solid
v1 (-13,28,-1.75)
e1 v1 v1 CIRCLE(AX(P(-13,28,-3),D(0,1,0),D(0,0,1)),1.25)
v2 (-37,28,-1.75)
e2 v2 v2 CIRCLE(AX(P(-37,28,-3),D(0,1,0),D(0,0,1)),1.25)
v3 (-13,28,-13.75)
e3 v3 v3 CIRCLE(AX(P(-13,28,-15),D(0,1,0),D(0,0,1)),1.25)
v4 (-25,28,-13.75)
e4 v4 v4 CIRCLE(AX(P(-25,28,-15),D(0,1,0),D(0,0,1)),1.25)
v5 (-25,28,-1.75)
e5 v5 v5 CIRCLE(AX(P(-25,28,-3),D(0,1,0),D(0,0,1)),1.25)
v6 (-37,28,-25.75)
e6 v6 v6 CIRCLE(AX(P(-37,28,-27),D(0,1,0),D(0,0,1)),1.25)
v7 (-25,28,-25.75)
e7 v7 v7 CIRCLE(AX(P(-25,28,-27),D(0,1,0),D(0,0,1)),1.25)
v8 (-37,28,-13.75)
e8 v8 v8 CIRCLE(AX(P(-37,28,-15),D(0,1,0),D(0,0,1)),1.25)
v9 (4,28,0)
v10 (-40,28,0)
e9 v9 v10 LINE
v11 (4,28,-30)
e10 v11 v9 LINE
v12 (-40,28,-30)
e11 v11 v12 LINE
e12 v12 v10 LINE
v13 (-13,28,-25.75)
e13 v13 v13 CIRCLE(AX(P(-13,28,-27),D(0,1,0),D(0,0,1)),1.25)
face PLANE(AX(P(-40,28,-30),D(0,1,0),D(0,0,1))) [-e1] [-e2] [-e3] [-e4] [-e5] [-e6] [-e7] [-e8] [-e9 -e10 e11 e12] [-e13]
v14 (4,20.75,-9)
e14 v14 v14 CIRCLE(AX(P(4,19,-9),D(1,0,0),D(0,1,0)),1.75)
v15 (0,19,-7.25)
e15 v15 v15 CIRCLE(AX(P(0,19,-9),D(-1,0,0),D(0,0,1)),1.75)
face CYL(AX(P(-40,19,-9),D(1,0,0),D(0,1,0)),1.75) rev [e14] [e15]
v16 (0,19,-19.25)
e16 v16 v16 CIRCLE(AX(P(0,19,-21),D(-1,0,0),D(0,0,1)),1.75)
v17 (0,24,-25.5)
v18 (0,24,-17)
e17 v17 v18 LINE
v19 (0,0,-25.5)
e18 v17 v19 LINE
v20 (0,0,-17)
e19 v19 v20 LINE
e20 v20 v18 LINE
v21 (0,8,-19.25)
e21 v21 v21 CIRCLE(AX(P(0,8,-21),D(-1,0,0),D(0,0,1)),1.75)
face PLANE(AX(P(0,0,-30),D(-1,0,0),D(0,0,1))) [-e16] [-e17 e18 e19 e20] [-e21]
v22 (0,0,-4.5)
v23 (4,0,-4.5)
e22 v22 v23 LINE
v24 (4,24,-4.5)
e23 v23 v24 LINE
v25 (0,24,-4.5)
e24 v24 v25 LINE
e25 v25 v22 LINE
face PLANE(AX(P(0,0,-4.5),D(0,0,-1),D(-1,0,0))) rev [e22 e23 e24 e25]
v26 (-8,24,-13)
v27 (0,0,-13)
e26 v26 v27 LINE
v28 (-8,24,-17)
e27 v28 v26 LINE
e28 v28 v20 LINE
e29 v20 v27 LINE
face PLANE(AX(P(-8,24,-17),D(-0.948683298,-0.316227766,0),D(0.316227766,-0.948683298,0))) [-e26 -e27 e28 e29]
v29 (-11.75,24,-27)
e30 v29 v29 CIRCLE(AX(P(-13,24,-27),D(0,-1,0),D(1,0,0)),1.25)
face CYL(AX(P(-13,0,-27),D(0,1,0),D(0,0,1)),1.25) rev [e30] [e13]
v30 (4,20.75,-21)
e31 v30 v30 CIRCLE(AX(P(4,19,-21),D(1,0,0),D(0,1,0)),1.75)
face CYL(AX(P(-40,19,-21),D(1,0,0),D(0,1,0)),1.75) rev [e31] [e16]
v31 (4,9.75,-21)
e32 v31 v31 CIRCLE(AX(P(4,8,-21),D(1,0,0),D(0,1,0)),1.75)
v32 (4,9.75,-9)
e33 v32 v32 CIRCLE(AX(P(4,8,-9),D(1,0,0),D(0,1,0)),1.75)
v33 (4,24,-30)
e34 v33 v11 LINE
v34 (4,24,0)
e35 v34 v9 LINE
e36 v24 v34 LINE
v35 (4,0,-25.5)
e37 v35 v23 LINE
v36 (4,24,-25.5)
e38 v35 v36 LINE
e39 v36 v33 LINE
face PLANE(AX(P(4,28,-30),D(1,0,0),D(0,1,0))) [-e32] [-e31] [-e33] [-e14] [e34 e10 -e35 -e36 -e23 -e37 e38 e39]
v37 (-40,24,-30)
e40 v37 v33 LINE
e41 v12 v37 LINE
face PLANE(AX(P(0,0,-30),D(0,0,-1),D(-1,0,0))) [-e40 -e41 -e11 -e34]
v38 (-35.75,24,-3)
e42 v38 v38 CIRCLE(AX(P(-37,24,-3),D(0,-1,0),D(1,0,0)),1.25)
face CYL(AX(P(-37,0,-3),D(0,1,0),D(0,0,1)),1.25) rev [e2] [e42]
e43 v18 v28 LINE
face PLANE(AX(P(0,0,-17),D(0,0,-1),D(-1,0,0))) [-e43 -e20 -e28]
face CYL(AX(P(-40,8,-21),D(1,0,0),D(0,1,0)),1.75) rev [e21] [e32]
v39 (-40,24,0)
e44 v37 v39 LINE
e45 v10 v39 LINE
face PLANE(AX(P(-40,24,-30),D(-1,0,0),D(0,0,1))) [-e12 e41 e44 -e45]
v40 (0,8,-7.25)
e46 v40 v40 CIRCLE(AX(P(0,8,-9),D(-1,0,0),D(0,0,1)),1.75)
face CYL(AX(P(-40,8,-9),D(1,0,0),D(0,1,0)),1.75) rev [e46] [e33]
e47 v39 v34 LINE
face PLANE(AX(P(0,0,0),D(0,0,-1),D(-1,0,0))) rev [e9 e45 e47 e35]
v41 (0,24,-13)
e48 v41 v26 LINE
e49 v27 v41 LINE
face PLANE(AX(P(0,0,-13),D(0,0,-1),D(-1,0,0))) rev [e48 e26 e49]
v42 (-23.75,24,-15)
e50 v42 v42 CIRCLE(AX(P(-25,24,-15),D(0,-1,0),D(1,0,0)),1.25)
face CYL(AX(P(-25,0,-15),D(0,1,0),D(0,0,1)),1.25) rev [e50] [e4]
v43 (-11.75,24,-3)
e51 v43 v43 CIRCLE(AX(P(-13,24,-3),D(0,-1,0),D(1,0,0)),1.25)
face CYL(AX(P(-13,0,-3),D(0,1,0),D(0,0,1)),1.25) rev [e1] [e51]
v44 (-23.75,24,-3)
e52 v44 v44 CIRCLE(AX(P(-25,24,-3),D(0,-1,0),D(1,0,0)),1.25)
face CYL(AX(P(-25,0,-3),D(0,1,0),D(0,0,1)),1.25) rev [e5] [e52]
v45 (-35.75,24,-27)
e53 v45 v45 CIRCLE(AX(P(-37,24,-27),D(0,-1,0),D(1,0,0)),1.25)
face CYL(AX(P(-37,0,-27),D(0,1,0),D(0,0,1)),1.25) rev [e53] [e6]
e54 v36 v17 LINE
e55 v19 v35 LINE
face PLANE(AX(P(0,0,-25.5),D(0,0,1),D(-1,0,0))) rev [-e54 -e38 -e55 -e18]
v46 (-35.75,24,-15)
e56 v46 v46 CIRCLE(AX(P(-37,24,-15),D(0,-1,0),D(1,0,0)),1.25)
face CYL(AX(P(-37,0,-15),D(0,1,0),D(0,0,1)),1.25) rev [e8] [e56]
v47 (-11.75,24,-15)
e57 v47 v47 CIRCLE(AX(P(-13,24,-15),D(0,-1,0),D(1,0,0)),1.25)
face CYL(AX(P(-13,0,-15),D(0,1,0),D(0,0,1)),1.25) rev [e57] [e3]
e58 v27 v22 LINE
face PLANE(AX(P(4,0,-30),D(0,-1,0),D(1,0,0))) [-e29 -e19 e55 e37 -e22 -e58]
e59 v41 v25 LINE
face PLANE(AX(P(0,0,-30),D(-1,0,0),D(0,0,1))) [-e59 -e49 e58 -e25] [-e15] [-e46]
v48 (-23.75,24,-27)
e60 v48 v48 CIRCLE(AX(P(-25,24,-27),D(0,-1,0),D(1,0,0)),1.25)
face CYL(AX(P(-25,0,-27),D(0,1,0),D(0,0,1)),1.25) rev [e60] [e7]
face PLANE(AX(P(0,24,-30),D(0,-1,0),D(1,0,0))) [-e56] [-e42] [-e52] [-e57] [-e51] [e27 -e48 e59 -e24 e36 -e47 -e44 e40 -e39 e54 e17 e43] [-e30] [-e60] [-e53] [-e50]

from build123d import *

# Parameters (mm, degrees)
EXTRUDE_1_DEPTH      = 30
SKETCH_2_R           = 1.25
CUT_EXTRUDE_1_DEPTH  = 58.306195128
SKETCH_4_W           = 4
SKETCH_4_H           = 24
CUT_EXTRUDE_2_DEPTH  = 4.5
SKETCH_5_R           = 1.75
CUT_EXTRUDE_3_DEPTH  = 61.166435826
EXTRUDE_2_DEPTH      = 2
EXTRUDE_2_DEPTH_BACK = 2


with BuildPart() as part:
    # Эскиз1 → Бобышка-Вытянуть1 (new body)
    with BuildSketch(Plane.XY):
        Polygon((0, 0), (0, 24), (-40, 24), (-40, 28), (4, 28), (4, 0), align=None)
    extrude(amount=-EXTRUDE_1_DEPTH)

    # Эскиз2 → Вырез-Вытянуть1 (cut, through all)
    with BuildSketch(Plane(origin=(0, 28, 0), x_dir=(1, 0, 0), z_dir=(0, 1, 0))):
        with Locations(Location((-37, 3, 0), (0, 0, 270))):
            Circle(SKETCH_2_R)
        with Locations(Location((-13, 3, 0), (0, 0, 270))):
            Circle(SKETCH_2_R)
        with Locations(Location((-37, 27, 0), (0, 0, 270))):
            Circle(SKETCH_2_R)
        with Locations(Location((-37, 15, 0), (0, 0, 270))):
            Circle(SKETCH_2_R)
        with Locations(Location((-25, 27, 0), (0, 0, 270))):
            Circle(SKETCH_2_R)
        with Locations(Location((-13, 27, 0), (0, 0, 270))):
            Circle(SKETCH_2_R)
        with Locations(Location((-13, 15, 0), (0, 0, 270))):
            Circle(SKETCH_2_R)
        with Locations(Location((-25, 3, 0), (0, 0, 270))):
            Circle(SKETCH_2_R)
        with Locations(Location((-25, 15, 0), (0, 0, 270))):
            Circle(SKETCH_2_R)
    extrude(amount=-CUT_EXTRUDE_1_DEPTH, mode=Mode.SUBTRACT)

    # Эскиз4 → Вырез-Вытянуть2 (cut)
    with BuildSketch(Plane.XY):
        with Locations((2, 12)):
            Rectangle(SKETCH_4_W, SKETCH_4_H)
    cut_extrude_2 = extrude(amount=-CUT_EXTRUDE_2_DEPTH, mode=Mode.SUBTRACT)

    # Зеркальное отражение1: Вырез-Вытянуть2 across plane
    add(cut_extrude_2.mirror(Plane.XY.offset(-15)), mode=Mode.SUBTRACT)

    # Эскиз5 → Вырез-Вытянуть3 (cut, through all)
    with BuildSketch(Plane(origin=(4, 0, 0), x_dir=(0, 0, -1), z_dir=(1, 0, 0))):
        with Locations(Location((9, 19, 0), (0, 0, 90))):
            Circle(SKETCH_5_R)
        with Locations(Location((21, 19, 0), (0, 0, 90))):
            Circle(SKETCH_5_R)
        with Locations(Location((21, 8, 0), (0, 0, 90))):
            Circle(SKETCH_5_R)
        with Locations(Location((9, 8, 0), (0, 0, 90))):
            Circle(SKETCH_5_R)
    extrude(amount=-CUT_EXTRUDE_3_DEPTH, mode=Mode.SUBTRACT)

    # Эскиз8 → Бобышка-Вытянуть2 (add, two sides: drawn at the far end of the back side and taken through both)
    with BuildSketch(Plane.XY.offset(-15).offset(-EXTRUDE_2_DEPTH_BACK)):
        Polygon((0, 0), (0, 24), (-8, 24), align=None)
    extrude(amount=EXTRUDE_2_DEPTH + EXTRUDE_2_DEPTH_BACK)


solid = part.part
